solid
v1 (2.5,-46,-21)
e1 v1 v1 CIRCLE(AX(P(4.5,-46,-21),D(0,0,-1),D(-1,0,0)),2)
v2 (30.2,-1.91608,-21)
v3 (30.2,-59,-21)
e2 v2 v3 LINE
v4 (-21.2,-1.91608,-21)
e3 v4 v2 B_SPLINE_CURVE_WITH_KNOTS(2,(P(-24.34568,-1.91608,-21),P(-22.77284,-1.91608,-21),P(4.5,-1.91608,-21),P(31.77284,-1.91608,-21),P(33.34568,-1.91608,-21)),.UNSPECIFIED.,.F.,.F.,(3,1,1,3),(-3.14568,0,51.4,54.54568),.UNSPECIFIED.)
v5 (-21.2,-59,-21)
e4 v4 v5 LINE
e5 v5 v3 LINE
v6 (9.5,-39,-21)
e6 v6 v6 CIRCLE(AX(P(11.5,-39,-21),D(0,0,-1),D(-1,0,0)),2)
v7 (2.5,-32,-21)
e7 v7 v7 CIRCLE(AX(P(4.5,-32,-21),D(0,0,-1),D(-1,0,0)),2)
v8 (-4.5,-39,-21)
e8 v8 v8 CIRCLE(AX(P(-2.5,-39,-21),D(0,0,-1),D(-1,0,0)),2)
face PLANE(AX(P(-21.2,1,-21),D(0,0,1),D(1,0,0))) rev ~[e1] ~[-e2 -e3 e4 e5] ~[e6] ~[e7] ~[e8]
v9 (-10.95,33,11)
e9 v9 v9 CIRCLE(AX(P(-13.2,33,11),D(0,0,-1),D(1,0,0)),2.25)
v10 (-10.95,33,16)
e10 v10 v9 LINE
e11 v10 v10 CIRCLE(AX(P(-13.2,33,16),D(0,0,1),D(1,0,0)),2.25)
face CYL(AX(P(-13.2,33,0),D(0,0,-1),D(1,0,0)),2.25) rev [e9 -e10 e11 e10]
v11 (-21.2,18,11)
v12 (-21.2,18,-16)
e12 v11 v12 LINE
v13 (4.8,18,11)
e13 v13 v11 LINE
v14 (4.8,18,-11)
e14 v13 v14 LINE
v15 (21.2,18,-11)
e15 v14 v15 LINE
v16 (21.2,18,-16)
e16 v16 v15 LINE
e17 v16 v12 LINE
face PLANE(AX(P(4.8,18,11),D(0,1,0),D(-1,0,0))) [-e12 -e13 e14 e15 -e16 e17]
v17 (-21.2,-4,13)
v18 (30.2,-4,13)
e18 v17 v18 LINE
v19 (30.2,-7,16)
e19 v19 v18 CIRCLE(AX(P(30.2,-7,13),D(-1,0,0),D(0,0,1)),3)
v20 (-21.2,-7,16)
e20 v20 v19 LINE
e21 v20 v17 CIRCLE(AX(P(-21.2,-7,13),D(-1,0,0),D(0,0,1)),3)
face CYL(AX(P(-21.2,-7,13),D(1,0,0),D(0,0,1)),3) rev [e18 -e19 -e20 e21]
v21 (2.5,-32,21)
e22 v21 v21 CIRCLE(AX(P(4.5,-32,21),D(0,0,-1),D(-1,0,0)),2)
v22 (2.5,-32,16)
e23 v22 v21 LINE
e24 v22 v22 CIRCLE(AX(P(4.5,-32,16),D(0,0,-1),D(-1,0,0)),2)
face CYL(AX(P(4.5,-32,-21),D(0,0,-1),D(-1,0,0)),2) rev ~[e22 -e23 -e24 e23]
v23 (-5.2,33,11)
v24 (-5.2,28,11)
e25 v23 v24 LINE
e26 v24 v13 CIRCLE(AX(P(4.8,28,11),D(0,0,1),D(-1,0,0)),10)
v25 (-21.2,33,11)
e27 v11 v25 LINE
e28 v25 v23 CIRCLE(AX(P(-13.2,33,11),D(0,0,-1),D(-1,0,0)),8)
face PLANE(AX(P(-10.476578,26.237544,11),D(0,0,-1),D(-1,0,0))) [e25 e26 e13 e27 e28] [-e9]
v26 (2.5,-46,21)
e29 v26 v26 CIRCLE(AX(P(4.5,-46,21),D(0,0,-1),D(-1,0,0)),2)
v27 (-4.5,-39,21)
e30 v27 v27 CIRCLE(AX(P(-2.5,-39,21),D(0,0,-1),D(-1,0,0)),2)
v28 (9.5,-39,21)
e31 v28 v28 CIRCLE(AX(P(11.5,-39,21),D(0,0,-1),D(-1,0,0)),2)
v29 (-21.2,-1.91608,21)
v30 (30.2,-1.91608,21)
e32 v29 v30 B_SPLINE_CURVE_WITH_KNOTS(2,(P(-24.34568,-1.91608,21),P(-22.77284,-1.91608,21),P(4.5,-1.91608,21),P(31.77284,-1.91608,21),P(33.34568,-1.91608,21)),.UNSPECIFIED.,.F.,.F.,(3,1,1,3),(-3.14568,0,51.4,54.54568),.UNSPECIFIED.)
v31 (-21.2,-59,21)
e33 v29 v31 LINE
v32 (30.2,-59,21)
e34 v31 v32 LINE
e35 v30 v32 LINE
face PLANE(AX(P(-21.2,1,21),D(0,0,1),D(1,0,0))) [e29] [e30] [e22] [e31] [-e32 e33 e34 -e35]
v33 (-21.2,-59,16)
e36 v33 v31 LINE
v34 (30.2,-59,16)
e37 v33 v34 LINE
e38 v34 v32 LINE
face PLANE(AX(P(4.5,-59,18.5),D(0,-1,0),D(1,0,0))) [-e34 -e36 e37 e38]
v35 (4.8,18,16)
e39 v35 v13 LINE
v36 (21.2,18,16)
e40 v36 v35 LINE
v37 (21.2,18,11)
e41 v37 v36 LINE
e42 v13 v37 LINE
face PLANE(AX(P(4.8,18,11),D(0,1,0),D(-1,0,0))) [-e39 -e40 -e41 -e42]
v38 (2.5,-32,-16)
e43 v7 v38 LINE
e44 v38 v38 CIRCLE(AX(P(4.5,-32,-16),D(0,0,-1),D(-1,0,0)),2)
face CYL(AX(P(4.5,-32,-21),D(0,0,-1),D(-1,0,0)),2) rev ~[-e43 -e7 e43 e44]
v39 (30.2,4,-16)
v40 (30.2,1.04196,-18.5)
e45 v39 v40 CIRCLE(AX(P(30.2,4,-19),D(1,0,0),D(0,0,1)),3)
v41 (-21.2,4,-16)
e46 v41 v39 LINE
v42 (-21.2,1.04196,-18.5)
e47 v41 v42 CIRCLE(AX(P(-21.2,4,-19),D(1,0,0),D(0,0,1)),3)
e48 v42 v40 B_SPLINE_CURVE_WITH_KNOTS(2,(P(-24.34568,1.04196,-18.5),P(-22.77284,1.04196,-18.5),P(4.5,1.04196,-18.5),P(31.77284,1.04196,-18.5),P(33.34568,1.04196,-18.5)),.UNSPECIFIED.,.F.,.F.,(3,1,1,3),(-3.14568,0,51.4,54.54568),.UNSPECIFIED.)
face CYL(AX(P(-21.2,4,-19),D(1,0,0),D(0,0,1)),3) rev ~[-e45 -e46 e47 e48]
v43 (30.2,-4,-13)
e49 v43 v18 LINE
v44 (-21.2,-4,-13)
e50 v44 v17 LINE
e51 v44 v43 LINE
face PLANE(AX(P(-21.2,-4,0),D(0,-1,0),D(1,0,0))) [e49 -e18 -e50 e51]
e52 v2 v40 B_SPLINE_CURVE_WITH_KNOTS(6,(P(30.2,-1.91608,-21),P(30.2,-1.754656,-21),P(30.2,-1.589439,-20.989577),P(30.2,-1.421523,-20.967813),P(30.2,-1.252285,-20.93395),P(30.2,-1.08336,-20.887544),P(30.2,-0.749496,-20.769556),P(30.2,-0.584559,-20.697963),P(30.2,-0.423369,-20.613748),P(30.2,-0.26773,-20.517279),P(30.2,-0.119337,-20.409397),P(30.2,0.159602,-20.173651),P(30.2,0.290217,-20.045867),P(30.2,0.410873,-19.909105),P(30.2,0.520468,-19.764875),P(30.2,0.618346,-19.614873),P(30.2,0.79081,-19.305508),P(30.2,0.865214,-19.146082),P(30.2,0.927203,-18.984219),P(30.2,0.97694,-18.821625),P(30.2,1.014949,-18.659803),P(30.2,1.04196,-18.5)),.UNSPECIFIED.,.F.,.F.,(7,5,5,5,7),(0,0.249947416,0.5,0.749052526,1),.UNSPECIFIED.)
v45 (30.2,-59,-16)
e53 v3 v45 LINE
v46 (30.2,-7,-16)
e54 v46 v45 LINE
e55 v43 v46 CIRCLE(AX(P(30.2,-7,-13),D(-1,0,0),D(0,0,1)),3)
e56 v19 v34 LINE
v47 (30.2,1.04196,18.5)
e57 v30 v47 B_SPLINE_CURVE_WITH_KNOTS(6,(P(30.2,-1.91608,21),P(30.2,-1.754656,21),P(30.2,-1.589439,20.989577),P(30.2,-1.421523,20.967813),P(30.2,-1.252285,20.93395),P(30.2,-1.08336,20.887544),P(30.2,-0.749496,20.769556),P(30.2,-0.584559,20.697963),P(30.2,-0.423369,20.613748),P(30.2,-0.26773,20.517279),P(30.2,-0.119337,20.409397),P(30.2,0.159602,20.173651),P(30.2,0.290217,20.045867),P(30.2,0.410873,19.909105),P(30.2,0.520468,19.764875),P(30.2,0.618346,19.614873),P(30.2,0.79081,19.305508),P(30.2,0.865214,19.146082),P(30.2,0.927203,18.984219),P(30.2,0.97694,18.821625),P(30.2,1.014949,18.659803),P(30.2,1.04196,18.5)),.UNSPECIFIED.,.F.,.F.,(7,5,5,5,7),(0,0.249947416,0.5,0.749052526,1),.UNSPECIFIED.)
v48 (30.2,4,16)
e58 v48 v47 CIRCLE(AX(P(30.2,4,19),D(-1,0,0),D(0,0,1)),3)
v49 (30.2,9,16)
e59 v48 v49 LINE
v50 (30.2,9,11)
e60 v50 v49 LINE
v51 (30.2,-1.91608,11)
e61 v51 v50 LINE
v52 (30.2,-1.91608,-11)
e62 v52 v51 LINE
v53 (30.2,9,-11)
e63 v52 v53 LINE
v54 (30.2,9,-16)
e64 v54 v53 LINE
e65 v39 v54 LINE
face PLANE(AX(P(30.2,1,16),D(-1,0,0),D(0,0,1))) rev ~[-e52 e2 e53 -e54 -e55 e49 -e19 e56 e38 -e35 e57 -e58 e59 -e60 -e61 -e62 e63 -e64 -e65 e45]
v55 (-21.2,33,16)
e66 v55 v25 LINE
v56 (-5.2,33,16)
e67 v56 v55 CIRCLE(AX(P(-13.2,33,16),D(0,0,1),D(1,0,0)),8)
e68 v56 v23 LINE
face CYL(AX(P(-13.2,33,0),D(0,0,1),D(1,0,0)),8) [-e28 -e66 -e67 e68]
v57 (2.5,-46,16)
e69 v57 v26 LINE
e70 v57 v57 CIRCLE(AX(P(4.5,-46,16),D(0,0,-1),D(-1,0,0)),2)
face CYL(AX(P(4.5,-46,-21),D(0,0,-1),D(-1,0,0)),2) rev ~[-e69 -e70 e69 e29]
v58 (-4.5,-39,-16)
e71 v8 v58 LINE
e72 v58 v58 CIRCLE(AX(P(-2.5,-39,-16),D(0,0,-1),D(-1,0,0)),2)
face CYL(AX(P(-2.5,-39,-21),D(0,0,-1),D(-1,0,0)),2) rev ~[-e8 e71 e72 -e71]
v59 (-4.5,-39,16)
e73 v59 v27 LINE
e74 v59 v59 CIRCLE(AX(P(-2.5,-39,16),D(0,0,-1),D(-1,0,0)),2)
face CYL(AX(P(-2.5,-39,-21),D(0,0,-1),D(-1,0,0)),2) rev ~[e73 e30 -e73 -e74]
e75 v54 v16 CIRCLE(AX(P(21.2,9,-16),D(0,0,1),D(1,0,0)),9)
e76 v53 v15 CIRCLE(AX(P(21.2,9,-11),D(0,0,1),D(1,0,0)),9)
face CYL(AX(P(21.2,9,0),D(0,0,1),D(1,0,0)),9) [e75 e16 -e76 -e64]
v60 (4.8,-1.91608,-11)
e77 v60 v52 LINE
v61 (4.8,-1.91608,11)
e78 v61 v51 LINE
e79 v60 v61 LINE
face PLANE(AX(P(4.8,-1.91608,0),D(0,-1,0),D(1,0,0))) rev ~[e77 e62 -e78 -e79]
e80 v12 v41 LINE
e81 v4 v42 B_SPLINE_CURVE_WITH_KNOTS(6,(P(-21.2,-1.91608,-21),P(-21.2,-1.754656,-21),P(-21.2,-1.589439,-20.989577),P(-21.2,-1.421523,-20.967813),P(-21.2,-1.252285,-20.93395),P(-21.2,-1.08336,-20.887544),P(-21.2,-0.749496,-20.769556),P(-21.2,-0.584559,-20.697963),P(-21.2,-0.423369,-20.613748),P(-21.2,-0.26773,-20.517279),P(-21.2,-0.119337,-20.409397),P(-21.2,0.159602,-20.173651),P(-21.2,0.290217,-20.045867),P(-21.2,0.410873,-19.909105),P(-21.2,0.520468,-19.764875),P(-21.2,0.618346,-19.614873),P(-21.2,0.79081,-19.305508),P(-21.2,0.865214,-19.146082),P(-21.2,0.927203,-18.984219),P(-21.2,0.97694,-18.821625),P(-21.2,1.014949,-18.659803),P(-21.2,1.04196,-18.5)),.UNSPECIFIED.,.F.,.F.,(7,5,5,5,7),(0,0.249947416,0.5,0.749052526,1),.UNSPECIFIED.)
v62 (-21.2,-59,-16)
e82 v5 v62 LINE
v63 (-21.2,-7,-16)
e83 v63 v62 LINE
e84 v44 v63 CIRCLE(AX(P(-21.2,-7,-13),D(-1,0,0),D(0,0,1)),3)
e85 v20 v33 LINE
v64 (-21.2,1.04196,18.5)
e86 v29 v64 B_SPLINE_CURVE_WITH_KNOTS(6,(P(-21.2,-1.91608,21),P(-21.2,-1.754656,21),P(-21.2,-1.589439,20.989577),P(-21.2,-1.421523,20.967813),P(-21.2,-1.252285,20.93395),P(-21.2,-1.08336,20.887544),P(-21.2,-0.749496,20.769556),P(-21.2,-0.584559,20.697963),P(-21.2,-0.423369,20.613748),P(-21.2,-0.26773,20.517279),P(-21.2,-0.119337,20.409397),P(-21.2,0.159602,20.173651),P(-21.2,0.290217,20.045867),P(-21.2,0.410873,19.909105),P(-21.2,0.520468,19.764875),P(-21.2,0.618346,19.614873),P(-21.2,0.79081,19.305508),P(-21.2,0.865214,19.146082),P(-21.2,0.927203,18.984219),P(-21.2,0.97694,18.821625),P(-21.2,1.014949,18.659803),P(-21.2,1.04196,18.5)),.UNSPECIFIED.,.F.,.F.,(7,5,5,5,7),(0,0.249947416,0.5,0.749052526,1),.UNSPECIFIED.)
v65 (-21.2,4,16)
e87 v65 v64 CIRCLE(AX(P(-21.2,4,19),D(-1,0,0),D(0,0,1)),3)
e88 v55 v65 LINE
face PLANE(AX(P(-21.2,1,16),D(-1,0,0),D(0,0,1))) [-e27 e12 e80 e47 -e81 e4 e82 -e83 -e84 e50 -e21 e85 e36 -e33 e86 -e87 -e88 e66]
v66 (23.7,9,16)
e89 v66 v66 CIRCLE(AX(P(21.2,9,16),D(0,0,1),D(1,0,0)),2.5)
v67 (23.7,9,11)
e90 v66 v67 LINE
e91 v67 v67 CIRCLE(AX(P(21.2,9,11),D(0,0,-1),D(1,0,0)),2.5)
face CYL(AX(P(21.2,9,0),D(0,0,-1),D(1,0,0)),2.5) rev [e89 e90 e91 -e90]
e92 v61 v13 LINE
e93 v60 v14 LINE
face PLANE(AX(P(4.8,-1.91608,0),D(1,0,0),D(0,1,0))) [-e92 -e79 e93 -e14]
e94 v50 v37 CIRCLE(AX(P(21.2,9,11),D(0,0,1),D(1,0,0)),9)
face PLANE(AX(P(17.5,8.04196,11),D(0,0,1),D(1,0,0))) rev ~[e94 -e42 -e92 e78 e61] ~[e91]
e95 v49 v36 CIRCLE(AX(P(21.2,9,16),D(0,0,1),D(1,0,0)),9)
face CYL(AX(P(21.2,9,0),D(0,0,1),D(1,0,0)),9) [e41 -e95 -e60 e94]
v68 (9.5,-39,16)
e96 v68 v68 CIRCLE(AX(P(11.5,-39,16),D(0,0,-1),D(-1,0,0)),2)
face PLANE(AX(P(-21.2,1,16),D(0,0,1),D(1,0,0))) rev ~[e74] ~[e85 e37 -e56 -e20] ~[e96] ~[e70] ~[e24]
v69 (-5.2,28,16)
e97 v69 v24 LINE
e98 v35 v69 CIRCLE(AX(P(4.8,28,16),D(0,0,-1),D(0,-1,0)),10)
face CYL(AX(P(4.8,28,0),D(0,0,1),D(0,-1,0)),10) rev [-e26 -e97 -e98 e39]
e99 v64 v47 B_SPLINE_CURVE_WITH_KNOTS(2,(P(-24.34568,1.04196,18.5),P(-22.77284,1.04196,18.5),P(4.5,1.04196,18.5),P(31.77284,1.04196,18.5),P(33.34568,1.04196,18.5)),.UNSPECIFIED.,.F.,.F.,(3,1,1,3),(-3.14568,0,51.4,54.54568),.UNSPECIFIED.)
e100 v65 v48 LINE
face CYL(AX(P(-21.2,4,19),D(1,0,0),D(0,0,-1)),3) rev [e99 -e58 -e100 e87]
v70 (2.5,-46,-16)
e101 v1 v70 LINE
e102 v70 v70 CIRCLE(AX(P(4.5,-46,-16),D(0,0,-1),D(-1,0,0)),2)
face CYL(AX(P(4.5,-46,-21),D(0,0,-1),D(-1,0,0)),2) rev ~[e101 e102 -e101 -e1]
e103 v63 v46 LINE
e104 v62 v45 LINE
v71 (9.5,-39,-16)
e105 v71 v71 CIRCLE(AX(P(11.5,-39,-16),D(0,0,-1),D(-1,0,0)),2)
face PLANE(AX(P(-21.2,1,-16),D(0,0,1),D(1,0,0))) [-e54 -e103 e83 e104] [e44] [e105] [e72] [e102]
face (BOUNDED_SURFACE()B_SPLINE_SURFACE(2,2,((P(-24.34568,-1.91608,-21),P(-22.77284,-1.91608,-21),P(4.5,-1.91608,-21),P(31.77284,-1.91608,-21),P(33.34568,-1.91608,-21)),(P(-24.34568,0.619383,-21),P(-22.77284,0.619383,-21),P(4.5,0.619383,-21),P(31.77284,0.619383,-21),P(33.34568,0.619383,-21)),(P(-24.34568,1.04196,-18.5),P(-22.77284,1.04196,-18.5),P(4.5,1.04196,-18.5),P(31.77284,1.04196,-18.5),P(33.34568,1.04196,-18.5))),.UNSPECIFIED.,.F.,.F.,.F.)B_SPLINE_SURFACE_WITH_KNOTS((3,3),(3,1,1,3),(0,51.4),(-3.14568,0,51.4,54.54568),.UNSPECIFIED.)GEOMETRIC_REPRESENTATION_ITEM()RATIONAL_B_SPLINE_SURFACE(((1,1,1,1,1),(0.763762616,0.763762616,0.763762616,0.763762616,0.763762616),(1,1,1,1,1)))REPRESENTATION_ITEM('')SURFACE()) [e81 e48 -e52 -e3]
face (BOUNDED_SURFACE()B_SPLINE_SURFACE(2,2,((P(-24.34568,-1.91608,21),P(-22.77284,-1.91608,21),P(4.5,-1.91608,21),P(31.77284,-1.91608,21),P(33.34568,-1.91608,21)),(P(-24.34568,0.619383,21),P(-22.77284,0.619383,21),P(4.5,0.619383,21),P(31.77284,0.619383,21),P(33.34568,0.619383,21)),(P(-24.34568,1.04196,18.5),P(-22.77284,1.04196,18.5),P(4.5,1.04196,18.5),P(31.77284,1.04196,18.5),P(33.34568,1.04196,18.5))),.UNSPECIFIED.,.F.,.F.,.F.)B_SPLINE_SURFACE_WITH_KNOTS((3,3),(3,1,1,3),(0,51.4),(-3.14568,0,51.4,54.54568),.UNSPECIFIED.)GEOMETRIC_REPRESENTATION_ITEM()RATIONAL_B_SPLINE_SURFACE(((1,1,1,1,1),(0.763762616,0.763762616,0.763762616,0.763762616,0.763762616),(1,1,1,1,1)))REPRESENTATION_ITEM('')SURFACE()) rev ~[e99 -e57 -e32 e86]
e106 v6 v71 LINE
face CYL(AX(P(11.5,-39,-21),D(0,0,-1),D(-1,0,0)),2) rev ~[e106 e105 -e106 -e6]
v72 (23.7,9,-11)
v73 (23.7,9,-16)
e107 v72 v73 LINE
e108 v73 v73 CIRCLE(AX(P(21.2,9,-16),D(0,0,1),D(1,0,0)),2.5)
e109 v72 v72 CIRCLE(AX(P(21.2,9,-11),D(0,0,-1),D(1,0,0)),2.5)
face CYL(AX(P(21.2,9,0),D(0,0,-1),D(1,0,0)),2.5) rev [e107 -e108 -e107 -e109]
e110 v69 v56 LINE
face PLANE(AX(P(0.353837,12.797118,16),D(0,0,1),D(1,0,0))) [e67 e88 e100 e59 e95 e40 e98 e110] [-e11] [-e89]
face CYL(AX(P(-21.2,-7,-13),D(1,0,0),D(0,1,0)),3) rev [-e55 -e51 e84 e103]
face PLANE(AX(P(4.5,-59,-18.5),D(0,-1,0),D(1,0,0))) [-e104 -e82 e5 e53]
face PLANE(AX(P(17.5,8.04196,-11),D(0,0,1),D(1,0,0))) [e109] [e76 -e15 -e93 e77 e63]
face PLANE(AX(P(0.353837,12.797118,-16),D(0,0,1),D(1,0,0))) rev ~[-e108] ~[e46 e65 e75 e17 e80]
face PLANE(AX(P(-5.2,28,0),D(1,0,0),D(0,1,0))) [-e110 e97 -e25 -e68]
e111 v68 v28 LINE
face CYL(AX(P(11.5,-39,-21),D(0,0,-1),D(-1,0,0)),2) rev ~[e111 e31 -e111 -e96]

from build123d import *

# Parameters (mm, degrees)
SKETCH1_R              = 2.5
SKETCH1_R_2            = 2.25
BOSS_EXTRUDE1_DEPTH    = 16
CUT_EXTRUDE_START      = -27
CUT_EXTRUDE_4_DEPTH    = 27
EXTRUDE_1_DEPTH        = 55
EXTRUDE_1_DEPTH_BACK   = 5
SKETCH_8_W             = 51.4
SKETCH_8_H             = 5
EXTRUDE_1_2_DEPTH      = 55
EXTRUDE_1_2_DEPTH_BACK = 5
FILLET_1_R             = 3
FILLET_2_R             = 3
FILLET_3_R             = 3
FILLET_4_R             = 3
SKETCH_9_W             = 25.4
SKETCH_9_H             = 19.916079783
CUT_EXTRUDE_5_DEPTH    = 11
SKETCH_10_R            = 2
CUT_EXTRUDE_6_DEPTH    = 79.466808437


with BuildPart() as part:
    # Sketch1 → Boss-Extrude1 (new, symmetric)
    with BuildSketch(Plane.XY):
        with BuildLine():
            Line((-21.2, 33), (-21.2, 22))
            Line((-21.2, 22), (-21.2, 0))
            Line((-21.2, 0), (-21.2, -4))
            Line((-21.2, -4), (30.2, -4))
            Line((30.2, -4), (30.2, 9))
            ThreePointArc((30.2, 9), (27.563961031, 15.363961031), (21.2, 18))
            Line((21.2, 18), (4.8, 18))
            ThreePointArc((4.8, 18), (-2.271067812, 20.928932188), (-5.2, 28))
            Line((-5.2, 28), (-5.2, 33))
            ThreePointArc((-5.2, 33), (-13.2, 41), (-21.2, 33))
        make_face()
        with Locations((21.2, 9)):
            Circle(SKETCH1_R, mode=Mode.SUBTRACT)
        with Locations((-13.2, 33)):
            Circle(SKETCH1_R_2, mode=Mode.SUBTRACT)
    extrude(amount=BOSS_EXTRUDE1_DEPTH, both=True)

    # 草图7 → 切除-拉伸4 (cut)
    with BuildSketch(Plane(origin=(0, 0, -16), x_dir=(-1, 0, 0), z_dir=(0, 0, -1)).offset(CUT_EXTRUDE_START)):
        with BuildLine():
            Line((-4.8, 18), (21.2, 18))
            Line((21.2, 18), (21.2, 33))
            ThreePointArc((21.2, 33), (13.2, 41), (5.2, 33))
            Line((5.2, 33), (5.2, 28))
            ThreePointArc((5.2, 28), (2.271067812, 20.928932188), (-4.8, 18))
        make_face()
    extrude(amount=CUT_EXTRUDE_4_DEPTH, mode=Mode.SUBTRACT)


with BuildPart() as body_2:
    # 草图8 → 凸台-拉伸1 (new, two sides: drawn at the far end of the back side and taken through both)
    with BuildSketch(Plane.XZ.offset(4).offset(-EXTRUDE_1_DEPTH_BACK)):
        with Locations((4.5, 18.5)):
            Rectangle(SKETCH_8_W, SKETCH_8_H)
    extrude(amount=EXTRUDE_1_DEPTH + EXTRUDE_1_DEPTH_BACK)


with BuildPart() as body_3:
    # 草图8 → Extrude 1 2 (new, two sides: drawn at the far end of the back side and taken through both)
    with BuildSketch(Plane.XZ.offset(4).offset(-EXTRUDE_1_2_DEPTH_BACK)):
        with Locations((4.5, -18.5)):
            Rectangle(SKETCH_8_W, SKETCH_8_H)
    extrude(amount=EXTRUDE_1_2_DEPTH + EXTRUDE_1_2_DEPTH_BACK)

    # Combine 1: union part, body 2
    add(part.part)
    add(body_2.part)

    # 圆角1
    fillet_1_edges = [body_3.edges().sort_by_distance(p)[0] for p in [
        (4.5, 1, -16),
    ]]
    fillet(fillet_1_edges, radius=FILLET_1_R)

    # 圆角2
    fillet_2_edges = [body_3.edges().sort_by_distance(p)[0] for p in [
        (4.5, 1, 16),
    ]]
    fillet(fillet_2_edges, radius=FILLET_2_R)

    # 圆角3
    fillet_3_edges = [body_3.edges().sort_by_distance(p)[0] for p in [
        (4.5, -4, -16),
        (4.5, -4, 16),
    ]]
    fillet(fillet_3_edges, radius=FILLET_3_R)

    # 圆角4
    fillet_4_edges = [body_3.edges().sort_by_distance(p)[0] for p in [
        (4.5, 1, 21),
        (4.5, 1, -21),
    ]]
    fillet(fillet_4_edges, radius=FILLET_4_R)

    # 草图9 → 切除-拉伸5 (cut, symmetric)
    with BuildSketch(Plane.XY):
        with Locations((17.5, 8.041960108)):
            Rectangle(SKETCH_9_W, SKETCH_9_H)
    extrude(amount=CUT_EXTRUDE_5_DEPTH, both=True, mode=Mode.SUBTRACT)

    # 草图10 → 切除-拉伸6 (cut, through all)
    with BuildSketch(Plane(origin=(0, 0, -21), x_dir=(-1, 0, 0), z_dir=(0, 0, -1))):
        with Locations((2.5, -39)):
            Circle(SKETCH_10_R)
        with Locations((-4.5, -32)):
            Circle(SKETCH_10_R)
        with Locations((-4.5, -46)):
            Circle(SKETCH_10_R)
        with Locations((-11.5, -39)):
            Circle(SKETCH_10_R)
    extrude(amount=-CUT_EXTRUDE_6_DEPTH, mode=Mode.SUBTRACT)


solid = body_3.part
